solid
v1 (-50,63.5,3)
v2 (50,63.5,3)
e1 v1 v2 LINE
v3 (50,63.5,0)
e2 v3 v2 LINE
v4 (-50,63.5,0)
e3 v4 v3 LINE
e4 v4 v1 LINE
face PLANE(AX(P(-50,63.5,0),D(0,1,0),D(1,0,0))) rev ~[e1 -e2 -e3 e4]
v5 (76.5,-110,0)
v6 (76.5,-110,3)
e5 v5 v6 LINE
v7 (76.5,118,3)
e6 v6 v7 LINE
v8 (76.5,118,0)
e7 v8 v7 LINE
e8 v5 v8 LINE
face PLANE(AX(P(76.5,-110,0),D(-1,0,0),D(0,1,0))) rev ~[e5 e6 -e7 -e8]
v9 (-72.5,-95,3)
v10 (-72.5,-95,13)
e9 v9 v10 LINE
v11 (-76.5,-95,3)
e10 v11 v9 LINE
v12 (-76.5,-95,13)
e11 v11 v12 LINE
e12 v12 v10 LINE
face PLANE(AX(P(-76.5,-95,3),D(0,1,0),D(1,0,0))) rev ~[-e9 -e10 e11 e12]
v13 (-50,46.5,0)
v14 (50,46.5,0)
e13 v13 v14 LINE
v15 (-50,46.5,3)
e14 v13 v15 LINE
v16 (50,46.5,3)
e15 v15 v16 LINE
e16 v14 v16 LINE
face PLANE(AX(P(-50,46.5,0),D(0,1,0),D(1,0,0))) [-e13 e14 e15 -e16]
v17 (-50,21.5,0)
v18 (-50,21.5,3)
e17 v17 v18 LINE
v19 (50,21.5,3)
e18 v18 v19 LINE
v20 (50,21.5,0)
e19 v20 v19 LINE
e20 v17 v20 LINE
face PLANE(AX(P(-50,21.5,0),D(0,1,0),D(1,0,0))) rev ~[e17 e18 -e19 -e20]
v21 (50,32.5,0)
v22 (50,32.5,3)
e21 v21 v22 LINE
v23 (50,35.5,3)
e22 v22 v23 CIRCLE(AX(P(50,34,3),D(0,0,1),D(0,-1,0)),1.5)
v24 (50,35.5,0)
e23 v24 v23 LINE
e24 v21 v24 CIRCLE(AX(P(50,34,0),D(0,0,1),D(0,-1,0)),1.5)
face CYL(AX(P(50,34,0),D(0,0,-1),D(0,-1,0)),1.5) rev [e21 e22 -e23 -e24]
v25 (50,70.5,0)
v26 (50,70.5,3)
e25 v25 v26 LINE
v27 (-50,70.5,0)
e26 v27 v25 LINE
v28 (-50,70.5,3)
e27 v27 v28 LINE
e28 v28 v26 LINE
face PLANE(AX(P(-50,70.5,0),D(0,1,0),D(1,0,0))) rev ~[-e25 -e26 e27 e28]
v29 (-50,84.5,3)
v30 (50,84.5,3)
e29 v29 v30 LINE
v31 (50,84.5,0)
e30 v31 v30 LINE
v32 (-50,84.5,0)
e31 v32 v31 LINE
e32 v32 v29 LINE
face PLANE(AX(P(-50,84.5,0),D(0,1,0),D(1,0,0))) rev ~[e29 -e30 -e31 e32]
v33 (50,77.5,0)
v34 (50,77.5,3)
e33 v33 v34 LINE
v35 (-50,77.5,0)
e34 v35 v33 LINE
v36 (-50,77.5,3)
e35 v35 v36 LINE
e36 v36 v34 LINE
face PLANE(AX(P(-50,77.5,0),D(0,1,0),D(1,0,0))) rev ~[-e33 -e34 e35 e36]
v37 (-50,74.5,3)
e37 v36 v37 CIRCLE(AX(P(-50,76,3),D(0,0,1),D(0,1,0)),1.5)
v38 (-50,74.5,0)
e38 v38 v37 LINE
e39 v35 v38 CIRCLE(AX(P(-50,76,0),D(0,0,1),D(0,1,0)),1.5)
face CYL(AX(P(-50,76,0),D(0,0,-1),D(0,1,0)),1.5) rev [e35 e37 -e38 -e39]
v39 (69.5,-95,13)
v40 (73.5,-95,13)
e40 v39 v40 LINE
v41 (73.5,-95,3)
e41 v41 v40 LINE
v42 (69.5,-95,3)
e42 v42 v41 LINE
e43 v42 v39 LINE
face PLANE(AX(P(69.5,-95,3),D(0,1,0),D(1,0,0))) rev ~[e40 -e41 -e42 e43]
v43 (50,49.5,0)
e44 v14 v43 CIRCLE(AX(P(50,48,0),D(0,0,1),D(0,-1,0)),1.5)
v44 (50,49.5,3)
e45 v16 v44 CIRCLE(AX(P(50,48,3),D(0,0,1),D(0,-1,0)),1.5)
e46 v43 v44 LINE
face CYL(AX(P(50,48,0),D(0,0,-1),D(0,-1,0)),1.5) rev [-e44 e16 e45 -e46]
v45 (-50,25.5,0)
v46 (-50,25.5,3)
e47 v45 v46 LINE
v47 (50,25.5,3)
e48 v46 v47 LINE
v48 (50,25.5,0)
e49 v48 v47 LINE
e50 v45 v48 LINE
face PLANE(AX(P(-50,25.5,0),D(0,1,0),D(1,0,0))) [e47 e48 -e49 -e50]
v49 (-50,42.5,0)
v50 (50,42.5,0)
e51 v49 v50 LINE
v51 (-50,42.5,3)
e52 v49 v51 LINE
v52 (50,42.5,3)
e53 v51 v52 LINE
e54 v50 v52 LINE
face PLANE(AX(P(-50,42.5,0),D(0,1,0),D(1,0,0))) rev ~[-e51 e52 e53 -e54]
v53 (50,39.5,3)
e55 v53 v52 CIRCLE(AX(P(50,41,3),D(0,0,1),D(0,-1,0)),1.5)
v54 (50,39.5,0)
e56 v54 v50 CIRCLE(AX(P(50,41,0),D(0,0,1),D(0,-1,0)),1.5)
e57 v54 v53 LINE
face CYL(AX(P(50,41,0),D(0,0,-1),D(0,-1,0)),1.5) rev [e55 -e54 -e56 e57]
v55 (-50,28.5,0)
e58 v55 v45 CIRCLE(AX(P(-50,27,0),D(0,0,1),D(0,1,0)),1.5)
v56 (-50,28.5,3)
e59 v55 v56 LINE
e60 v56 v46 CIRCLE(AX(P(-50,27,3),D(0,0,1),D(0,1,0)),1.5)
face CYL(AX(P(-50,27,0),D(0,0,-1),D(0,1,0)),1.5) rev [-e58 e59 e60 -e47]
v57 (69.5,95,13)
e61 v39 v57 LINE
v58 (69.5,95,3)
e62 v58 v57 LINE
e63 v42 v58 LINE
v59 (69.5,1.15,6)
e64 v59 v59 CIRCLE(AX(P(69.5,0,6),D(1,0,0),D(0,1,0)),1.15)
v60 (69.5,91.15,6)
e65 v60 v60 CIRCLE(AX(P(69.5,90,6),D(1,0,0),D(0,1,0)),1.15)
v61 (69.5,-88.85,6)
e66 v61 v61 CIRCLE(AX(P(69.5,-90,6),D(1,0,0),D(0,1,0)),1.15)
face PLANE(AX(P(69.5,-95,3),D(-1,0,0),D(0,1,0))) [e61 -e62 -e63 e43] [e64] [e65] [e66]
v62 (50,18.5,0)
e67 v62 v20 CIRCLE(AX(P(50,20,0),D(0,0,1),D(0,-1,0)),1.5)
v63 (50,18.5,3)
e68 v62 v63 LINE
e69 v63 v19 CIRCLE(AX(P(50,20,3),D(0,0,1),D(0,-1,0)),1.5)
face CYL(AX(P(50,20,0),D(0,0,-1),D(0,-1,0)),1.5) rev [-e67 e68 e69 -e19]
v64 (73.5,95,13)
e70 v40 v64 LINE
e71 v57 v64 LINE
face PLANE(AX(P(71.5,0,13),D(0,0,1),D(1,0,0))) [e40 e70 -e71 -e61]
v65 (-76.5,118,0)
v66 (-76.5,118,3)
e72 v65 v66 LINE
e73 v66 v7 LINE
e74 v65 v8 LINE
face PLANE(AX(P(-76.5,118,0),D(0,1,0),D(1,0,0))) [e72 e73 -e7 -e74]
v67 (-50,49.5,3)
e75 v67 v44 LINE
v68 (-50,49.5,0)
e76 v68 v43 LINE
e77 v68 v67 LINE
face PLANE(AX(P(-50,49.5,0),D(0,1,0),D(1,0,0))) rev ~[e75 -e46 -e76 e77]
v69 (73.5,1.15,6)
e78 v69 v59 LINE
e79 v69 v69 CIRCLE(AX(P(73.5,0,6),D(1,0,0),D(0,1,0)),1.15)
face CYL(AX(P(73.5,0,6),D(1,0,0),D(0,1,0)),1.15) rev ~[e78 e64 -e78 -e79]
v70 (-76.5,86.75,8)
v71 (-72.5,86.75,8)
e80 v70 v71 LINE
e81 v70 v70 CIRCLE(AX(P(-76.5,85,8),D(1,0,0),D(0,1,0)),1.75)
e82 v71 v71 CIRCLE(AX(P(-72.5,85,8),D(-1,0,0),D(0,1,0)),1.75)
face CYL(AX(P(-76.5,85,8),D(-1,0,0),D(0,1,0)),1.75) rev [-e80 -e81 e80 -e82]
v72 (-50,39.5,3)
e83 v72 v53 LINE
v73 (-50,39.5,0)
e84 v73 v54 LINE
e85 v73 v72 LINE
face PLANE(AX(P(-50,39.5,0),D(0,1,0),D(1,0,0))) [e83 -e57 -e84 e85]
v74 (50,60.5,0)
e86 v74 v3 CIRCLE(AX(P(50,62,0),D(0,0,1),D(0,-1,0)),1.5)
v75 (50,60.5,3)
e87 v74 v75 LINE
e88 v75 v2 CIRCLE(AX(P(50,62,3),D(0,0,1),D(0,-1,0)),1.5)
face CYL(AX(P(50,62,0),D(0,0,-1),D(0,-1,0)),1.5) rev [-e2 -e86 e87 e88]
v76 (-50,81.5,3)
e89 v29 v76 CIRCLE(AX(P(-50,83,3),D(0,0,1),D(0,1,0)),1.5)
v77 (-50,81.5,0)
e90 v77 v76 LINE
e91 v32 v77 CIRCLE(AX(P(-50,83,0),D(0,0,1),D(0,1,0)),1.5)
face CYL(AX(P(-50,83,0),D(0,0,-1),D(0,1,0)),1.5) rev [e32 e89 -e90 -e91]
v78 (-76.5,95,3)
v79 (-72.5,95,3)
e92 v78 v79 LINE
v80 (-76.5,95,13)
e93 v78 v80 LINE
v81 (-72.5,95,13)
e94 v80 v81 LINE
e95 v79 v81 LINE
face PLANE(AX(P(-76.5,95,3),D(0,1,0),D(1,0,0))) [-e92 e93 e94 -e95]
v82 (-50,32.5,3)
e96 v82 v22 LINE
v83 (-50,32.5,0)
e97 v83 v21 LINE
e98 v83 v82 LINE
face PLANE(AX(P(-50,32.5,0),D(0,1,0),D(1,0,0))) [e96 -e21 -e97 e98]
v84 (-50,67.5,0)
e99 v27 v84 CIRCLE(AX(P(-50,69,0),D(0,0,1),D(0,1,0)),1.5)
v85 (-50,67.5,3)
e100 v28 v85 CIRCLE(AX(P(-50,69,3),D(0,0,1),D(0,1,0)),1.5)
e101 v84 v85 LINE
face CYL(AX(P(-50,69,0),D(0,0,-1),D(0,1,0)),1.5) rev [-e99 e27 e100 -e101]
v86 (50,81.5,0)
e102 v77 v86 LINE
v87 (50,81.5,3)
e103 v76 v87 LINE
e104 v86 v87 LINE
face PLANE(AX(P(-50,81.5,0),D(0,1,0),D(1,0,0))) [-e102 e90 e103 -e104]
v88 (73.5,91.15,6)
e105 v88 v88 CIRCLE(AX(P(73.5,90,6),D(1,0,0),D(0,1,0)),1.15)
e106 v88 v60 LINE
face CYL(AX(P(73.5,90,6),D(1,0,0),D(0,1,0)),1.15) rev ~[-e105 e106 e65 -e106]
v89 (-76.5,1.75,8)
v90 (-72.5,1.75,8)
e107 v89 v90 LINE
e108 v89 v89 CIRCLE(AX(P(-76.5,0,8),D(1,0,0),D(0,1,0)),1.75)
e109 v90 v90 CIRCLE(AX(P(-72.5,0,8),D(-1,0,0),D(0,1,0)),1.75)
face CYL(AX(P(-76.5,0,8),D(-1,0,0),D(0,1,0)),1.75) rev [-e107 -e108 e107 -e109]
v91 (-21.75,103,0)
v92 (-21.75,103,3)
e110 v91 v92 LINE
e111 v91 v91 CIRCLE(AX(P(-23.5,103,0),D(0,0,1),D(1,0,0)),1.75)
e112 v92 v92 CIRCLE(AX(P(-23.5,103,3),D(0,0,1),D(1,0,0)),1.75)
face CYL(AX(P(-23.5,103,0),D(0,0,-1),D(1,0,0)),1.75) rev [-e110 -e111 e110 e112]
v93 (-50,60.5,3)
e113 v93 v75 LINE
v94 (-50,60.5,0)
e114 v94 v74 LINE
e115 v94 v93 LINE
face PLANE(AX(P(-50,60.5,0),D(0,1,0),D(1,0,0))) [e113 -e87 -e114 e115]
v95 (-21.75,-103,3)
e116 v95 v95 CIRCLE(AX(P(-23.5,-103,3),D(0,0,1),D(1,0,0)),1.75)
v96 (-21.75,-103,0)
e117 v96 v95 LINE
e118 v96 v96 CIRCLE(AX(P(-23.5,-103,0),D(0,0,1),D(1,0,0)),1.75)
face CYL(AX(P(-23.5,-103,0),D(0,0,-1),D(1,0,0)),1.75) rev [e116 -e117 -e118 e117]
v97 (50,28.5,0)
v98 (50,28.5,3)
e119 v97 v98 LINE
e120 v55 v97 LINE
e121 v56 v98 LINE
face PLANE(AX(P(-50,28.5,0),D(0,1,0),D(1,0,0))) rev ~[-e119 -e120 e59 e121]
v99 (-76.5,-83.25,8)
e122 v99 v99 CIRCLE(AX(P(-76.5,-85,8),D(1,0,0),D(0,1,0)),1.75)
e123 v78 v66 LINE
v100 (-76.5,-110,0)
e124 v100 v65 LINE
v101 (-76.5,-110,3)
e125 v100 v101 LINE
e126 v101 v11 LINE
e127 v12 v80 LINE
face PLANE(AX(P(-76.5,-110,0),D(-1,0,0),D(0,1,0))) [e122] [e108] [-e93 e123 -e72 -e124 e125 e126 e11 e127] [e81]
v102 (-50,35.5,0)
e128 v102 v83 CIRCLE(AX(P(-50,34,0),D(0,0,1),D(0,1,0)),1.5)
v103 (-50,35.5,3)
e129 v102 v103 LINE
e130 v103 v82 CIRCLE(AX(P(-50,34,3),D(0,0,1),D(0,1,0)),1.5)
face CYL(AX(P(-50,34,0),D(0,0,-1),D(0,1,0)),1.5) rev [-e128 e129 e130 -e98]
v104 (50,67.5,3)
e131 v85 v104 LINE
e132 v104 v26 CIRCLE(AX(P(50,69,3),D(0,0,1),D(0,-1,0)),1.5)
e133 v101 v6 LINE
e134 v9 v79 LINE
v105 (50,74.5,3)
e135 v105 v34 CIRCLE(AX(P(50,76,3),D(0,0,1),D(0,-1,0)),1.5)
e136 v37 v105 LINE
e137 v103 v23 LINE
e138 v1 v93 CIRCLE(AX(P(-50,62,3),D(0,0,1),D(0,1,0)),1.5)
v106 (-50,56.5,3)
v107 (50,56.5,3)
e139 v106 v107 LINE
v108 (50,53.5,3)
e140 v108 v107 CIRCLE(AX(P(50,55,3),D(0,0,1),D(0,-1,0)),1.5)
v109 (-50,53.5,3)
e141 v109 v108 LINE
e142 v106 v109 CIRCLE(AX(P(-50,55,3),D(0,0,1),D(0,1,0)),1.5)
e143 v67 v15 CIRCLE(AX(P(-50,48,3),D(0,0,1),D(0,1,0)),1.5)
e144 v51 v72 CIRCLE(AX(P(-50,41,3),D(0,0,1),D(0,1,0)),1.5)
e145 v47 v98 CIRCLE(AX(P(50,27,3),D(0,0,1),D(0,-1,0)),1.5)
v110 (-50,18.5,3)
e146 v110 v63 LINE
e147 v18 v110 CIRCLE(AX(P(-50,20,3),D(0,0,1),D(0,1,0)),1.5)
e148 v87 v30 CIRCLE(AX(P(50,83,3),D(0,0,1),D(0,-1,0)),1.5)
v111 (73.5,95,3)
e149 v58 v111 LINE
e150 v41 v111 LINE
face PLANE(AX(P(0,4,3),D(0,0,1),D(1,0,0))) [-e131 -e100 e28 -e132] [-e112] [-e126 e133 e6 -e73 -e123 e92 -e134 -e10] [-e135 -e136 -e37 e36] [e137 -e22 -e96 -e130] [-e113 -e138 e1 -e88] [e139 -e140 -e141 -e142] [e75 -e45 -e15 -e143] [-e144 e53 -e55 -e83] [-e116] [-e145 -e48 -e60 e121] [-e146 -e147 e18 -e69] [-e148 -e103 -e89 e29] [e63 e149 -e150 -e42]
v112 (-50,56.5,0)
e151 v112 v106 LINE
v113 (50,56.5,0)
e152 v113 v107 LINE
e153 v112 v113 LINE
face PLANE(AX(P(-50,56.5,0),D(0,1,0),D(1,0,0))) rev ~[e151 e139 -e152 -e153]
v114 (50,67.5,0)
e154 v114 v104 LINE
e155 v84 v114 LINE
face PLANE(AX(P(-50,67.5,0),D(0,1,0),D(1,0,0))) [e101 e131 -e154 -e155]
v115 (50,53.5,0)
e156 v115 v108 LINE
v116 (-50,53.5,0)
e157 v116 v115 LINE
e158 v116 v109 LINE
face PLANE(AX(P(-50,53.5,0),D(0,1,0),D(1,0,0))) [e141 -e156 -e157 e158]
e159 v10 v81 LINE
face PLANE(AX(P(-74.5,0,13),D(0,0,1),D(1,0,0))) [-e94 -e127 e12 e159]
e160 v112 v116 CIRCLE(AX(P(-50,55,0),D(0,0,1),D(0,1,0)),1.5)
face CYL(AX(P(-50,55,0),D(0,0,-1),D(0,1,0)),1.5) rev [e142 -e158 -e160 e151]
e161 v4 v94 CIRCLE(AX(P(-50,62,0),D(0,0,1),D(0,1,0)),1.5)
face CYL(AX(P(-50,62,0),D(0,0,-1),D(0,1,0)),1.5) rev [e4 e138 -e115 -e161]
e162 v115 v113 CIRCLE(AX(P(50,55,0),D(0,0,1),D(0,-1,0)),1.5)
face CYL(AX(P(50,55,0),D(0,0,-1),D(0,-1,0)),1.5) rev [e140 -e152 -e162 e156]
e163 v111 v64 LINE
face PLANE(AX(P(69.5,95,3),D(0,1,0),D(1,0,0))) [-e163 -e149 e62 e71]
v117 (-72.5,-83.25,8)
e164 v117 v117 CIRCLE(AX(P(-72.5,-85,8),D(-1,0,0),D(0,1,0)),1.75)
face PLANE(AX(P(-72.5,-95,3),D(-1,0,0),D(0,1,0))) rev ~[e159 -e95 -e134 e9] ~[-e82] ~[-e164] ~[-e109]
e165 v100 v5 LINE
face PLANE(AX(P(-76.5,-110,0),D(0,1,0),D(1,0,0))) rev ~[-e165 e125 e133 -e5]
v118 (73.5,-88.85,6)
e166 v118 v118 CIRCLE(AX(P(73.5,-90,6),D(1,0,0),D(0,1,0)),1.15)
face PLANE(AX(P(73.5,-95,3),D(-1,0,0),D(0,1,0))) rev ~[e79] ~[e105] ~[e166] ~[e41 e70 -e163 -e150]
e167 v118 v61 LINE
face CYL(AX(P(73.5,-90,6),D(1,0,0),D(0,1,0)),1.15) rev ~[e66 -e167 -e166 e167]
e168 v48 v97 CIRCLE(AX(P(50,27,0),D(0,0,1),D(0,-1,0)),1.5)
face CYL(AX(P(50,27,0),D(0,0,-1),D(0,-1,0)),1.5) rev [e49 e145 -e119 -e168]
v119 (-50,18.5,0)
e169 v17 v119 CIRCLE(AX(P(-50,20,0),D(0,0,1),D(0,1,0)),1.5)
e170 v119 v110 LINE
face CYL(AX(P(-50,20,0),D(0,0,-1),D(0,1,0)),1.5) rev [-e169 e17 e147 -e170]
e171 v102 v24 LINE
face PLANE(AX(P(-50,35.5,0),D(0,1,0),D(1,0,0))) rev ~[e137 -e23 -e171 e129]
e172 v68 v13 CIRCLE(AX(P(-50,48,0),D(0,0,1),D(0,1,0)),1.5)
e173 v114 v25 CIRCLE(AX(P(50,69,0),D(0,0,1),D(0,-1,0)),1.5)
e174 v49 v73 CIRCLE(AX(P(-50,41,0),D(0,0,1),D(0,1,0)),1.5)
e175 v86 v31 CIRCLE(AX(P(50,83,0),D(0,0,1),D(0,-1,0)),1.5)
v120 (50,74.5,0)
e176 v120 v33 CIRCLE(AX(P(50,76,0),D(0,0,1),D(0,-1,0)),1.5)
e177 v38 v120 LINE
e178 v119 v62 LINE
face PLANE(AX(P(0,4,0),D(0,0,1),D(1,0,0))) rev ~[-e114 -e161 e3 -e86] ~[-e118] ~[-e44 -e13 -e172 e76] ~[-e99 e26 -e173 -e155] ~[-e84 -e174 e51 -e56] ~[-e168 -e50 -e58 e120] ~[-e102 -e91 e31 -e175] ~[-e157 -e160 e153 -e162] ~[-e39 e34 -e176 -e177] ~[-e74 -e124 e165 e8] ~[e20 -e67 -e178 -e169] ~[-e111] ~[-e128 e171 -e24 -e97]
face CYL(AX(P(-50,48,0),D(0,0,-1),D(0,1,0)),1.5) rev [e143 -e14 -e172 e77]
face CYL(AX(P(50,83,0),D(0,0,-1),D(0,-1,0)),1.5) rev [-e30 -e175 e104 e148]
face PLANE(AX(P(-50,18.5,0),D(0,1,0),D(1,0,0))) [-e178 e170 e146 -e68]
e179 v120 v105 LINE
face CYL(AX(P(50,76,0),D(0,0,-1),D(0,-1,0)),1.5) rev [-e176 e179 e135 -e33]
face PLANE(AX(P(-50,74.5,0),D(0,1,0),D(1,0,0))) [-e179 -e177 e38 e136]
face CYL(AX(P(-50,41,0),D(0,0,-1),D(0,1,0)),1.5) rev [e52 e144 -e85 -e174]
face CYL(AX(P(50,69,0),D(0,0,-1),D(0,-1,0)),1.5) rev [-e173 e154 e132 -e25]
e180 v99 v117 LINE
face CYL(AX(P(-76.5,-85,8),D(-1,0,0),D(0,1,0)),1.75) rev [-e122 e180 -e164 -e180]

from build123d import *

# Parameters (mm, degrees)
SKETCH_W        = 153
SKETCH_H        = 228
SKETCH_R        = 1.75
PAD_DEPTH       = 3
SKETCH001_W     = 4
SKETCH001_H     = 190
PAD001_DEPTH    = 10
SKETCH002_R     = 1.75
POCKET_DEPTH    = 5
SKETCH003_R     = 1.15
POCKET001_DEPTH = 5


with BuildPart() as part:
    # Sketch → Pad (new body)
    with BuildSketch(Plane.XY):
        with Locations((0, 4)):
            Rectangle(SKETCH_W, SKETCH_H)
        with Locations((-23.5, 103)):
            Circle(SKETCH_R, mode=Mode.SUBTRACT)
        with Locations((-23.5, -103)):
            Circle(SKETCH_R, mode=Mode.SUBTRACT)
        with BuildLine():
            ThreePointArc((-50, 84.5), (-51.5, 83), (-50, 81.5))
            Line((-50, 81.5), (50, 81.5))
            ThreePointArc((50, 81.5), (51.5, 83), (50, 84.5))
            Line((-50, 84.5), (50, 84.5))
        make_face(mode=Mode.SUBTRACT)
        with BuildLine():
            ThreePointArc((-50, 77.5), (-51.5, 76), (-50, 74.5))
            Line((-50, 74.5), (50, 74.5))
            ThreePointArc((50, 74.5), (51.5, 76), (50, 77.5))
            Line((-50, 77.5), (50, 77.5))
        make_face(mode=Mode.SUBTRACT)
        with BuildLine():
            ThreePointArc((-50, 70.5), (-51.5, 69), (-50, 67.5))
            Line((-50, 67.5), (50, 67.5))
            ThreePointArc((50, 67.5), (51.5, 69), (50, 70.5))
            Line((-50, 70.5), (50, 70.5))
        make_face(mode=Mode.SUBTRACT)
        with BuildLine():
            ThreePointArc((-50, 63.5), (-51.5, 62), (-50, 60.5))
            Line((-50, 60.5), (50, 60.5))
            ThreePointArc((50, 60.5), (51.5, 62), (50, 63.5))
            Line((-50, 63.5), (50, 63.5))
        make_face(mode=Mode.SUBTRACT)
        with BuildLine():
            ThreePointArc((-50, 56.5), (-51.5, 55), (-50, 53.5))
            Line((-50, 53.5), (50, 53.5))
            ThreePointArc((50, 53.5), (51.5, 55), (50, 56.5))
            Line((-50, 56.5), (50, 56.5))
        make_face(mode=Mode.SUBTRACT)
        with BuildLine():
            ThreePointArc((-50, 49.5), (-51.5, 48), (-50, 46.5))
            Line((-50, 46.5), (50, 46.5))
            ThreePointArc((50, 46.5), (51.5, 48), (50, 49.5))
            Line((-50, 49.5), (50, 49.5))
        make_face(mode=Mode.SUBTRACT)
        with BuildLine():
            ThreePointArc((-50, 42.5), (-51.5, 41), (-50, 39.5))
            Line((-50, 39.5), (50, 39.5))
            ThreePointArc((50, 39.5), (51.5, 41), (50, 42.5))
            Line((-50, 42.5), (50, 42.5))
        make_face(mode=Mode.SUBTRACT)
        with BuildLine():
            ThreePointArc((-50, 35.5), (-51.5, 34), (-50, 32.5))
            Line((-50, 32.5), (50, 32.5))
            ThreePointArc((50, 32.5), (51.5, 34), (50, 35.5))
            Line((-50, 35.5), (50, 35.5))
        make_face(mode=Mode.SUBTRACT)
        with BuildLine():
            ThreePointArc((-50, 28.5), (-51.5, 27), (-50, 25.5))
            Line((-50, 25.5), (50, 25.5))
            ThreePointArc((50, 25.5), (51.5, 27), (50, 28.5))
            Line((-50, 28.5), (50, 28.5))
        make_face(mode=Mode.SUBTRACT)
        with BuildLine():
            ThreePointArc((-50, 21.5), (-51.5, 20), (-50, 18.5))
            Line((-50, 18.5), (50, 18.5))
            ThreePointArc((50, 18.5), (51.5, 20), (50, 21.5))
            Line((-50, 21.5), (50, 21.5))
        make_face(mode=Mode.SUBTRACT)
    extrude(amount=PAD_DEPTH)

    # Sketch001 → Pad001 (join)
    with BuildSketch(Plane.XY.offset(3)):
        with Locations((-74.5, 0)):
            Rectangle(SKETCH001_W, SKETCH001_H)
        with Locations((71.5, 0)):
            Rectangle(SKETCH001_W, SKETCH001_H)
    extrude(amount=PAD001_DEPTH)

    # Sketch002 → Pocket (cut)
    with BuildSketch(Plane.YZ.offset(-76.5)):
        with Locations((-85, 8)):
            Circle(SKETCH002_R)
        with Locations((0, 8)):
            Circle(SKETCH002_R)
        with Locations((85, 8)):
            Circle(SKETCH002_R)
    extrude(amount=POCKET_DEPTH, mode=Mode.SUBTRACT)

    # Sketch003 → Pocket001 (cut)
    with BuildSketch(Plane.YZ.offset(73.5)):
        with Locations((-90, 6)):
            Circle(SKETCH003_R)
        with Locations((0, 6)):
            Circle(SKETCH003_R)
        with Locations((90, 6)):
            Circle(SKETCH003_R)
    extrude(amount=-POCKET001_DEPTH, mode=Mode.SUBTRACT)


solid = part.part
